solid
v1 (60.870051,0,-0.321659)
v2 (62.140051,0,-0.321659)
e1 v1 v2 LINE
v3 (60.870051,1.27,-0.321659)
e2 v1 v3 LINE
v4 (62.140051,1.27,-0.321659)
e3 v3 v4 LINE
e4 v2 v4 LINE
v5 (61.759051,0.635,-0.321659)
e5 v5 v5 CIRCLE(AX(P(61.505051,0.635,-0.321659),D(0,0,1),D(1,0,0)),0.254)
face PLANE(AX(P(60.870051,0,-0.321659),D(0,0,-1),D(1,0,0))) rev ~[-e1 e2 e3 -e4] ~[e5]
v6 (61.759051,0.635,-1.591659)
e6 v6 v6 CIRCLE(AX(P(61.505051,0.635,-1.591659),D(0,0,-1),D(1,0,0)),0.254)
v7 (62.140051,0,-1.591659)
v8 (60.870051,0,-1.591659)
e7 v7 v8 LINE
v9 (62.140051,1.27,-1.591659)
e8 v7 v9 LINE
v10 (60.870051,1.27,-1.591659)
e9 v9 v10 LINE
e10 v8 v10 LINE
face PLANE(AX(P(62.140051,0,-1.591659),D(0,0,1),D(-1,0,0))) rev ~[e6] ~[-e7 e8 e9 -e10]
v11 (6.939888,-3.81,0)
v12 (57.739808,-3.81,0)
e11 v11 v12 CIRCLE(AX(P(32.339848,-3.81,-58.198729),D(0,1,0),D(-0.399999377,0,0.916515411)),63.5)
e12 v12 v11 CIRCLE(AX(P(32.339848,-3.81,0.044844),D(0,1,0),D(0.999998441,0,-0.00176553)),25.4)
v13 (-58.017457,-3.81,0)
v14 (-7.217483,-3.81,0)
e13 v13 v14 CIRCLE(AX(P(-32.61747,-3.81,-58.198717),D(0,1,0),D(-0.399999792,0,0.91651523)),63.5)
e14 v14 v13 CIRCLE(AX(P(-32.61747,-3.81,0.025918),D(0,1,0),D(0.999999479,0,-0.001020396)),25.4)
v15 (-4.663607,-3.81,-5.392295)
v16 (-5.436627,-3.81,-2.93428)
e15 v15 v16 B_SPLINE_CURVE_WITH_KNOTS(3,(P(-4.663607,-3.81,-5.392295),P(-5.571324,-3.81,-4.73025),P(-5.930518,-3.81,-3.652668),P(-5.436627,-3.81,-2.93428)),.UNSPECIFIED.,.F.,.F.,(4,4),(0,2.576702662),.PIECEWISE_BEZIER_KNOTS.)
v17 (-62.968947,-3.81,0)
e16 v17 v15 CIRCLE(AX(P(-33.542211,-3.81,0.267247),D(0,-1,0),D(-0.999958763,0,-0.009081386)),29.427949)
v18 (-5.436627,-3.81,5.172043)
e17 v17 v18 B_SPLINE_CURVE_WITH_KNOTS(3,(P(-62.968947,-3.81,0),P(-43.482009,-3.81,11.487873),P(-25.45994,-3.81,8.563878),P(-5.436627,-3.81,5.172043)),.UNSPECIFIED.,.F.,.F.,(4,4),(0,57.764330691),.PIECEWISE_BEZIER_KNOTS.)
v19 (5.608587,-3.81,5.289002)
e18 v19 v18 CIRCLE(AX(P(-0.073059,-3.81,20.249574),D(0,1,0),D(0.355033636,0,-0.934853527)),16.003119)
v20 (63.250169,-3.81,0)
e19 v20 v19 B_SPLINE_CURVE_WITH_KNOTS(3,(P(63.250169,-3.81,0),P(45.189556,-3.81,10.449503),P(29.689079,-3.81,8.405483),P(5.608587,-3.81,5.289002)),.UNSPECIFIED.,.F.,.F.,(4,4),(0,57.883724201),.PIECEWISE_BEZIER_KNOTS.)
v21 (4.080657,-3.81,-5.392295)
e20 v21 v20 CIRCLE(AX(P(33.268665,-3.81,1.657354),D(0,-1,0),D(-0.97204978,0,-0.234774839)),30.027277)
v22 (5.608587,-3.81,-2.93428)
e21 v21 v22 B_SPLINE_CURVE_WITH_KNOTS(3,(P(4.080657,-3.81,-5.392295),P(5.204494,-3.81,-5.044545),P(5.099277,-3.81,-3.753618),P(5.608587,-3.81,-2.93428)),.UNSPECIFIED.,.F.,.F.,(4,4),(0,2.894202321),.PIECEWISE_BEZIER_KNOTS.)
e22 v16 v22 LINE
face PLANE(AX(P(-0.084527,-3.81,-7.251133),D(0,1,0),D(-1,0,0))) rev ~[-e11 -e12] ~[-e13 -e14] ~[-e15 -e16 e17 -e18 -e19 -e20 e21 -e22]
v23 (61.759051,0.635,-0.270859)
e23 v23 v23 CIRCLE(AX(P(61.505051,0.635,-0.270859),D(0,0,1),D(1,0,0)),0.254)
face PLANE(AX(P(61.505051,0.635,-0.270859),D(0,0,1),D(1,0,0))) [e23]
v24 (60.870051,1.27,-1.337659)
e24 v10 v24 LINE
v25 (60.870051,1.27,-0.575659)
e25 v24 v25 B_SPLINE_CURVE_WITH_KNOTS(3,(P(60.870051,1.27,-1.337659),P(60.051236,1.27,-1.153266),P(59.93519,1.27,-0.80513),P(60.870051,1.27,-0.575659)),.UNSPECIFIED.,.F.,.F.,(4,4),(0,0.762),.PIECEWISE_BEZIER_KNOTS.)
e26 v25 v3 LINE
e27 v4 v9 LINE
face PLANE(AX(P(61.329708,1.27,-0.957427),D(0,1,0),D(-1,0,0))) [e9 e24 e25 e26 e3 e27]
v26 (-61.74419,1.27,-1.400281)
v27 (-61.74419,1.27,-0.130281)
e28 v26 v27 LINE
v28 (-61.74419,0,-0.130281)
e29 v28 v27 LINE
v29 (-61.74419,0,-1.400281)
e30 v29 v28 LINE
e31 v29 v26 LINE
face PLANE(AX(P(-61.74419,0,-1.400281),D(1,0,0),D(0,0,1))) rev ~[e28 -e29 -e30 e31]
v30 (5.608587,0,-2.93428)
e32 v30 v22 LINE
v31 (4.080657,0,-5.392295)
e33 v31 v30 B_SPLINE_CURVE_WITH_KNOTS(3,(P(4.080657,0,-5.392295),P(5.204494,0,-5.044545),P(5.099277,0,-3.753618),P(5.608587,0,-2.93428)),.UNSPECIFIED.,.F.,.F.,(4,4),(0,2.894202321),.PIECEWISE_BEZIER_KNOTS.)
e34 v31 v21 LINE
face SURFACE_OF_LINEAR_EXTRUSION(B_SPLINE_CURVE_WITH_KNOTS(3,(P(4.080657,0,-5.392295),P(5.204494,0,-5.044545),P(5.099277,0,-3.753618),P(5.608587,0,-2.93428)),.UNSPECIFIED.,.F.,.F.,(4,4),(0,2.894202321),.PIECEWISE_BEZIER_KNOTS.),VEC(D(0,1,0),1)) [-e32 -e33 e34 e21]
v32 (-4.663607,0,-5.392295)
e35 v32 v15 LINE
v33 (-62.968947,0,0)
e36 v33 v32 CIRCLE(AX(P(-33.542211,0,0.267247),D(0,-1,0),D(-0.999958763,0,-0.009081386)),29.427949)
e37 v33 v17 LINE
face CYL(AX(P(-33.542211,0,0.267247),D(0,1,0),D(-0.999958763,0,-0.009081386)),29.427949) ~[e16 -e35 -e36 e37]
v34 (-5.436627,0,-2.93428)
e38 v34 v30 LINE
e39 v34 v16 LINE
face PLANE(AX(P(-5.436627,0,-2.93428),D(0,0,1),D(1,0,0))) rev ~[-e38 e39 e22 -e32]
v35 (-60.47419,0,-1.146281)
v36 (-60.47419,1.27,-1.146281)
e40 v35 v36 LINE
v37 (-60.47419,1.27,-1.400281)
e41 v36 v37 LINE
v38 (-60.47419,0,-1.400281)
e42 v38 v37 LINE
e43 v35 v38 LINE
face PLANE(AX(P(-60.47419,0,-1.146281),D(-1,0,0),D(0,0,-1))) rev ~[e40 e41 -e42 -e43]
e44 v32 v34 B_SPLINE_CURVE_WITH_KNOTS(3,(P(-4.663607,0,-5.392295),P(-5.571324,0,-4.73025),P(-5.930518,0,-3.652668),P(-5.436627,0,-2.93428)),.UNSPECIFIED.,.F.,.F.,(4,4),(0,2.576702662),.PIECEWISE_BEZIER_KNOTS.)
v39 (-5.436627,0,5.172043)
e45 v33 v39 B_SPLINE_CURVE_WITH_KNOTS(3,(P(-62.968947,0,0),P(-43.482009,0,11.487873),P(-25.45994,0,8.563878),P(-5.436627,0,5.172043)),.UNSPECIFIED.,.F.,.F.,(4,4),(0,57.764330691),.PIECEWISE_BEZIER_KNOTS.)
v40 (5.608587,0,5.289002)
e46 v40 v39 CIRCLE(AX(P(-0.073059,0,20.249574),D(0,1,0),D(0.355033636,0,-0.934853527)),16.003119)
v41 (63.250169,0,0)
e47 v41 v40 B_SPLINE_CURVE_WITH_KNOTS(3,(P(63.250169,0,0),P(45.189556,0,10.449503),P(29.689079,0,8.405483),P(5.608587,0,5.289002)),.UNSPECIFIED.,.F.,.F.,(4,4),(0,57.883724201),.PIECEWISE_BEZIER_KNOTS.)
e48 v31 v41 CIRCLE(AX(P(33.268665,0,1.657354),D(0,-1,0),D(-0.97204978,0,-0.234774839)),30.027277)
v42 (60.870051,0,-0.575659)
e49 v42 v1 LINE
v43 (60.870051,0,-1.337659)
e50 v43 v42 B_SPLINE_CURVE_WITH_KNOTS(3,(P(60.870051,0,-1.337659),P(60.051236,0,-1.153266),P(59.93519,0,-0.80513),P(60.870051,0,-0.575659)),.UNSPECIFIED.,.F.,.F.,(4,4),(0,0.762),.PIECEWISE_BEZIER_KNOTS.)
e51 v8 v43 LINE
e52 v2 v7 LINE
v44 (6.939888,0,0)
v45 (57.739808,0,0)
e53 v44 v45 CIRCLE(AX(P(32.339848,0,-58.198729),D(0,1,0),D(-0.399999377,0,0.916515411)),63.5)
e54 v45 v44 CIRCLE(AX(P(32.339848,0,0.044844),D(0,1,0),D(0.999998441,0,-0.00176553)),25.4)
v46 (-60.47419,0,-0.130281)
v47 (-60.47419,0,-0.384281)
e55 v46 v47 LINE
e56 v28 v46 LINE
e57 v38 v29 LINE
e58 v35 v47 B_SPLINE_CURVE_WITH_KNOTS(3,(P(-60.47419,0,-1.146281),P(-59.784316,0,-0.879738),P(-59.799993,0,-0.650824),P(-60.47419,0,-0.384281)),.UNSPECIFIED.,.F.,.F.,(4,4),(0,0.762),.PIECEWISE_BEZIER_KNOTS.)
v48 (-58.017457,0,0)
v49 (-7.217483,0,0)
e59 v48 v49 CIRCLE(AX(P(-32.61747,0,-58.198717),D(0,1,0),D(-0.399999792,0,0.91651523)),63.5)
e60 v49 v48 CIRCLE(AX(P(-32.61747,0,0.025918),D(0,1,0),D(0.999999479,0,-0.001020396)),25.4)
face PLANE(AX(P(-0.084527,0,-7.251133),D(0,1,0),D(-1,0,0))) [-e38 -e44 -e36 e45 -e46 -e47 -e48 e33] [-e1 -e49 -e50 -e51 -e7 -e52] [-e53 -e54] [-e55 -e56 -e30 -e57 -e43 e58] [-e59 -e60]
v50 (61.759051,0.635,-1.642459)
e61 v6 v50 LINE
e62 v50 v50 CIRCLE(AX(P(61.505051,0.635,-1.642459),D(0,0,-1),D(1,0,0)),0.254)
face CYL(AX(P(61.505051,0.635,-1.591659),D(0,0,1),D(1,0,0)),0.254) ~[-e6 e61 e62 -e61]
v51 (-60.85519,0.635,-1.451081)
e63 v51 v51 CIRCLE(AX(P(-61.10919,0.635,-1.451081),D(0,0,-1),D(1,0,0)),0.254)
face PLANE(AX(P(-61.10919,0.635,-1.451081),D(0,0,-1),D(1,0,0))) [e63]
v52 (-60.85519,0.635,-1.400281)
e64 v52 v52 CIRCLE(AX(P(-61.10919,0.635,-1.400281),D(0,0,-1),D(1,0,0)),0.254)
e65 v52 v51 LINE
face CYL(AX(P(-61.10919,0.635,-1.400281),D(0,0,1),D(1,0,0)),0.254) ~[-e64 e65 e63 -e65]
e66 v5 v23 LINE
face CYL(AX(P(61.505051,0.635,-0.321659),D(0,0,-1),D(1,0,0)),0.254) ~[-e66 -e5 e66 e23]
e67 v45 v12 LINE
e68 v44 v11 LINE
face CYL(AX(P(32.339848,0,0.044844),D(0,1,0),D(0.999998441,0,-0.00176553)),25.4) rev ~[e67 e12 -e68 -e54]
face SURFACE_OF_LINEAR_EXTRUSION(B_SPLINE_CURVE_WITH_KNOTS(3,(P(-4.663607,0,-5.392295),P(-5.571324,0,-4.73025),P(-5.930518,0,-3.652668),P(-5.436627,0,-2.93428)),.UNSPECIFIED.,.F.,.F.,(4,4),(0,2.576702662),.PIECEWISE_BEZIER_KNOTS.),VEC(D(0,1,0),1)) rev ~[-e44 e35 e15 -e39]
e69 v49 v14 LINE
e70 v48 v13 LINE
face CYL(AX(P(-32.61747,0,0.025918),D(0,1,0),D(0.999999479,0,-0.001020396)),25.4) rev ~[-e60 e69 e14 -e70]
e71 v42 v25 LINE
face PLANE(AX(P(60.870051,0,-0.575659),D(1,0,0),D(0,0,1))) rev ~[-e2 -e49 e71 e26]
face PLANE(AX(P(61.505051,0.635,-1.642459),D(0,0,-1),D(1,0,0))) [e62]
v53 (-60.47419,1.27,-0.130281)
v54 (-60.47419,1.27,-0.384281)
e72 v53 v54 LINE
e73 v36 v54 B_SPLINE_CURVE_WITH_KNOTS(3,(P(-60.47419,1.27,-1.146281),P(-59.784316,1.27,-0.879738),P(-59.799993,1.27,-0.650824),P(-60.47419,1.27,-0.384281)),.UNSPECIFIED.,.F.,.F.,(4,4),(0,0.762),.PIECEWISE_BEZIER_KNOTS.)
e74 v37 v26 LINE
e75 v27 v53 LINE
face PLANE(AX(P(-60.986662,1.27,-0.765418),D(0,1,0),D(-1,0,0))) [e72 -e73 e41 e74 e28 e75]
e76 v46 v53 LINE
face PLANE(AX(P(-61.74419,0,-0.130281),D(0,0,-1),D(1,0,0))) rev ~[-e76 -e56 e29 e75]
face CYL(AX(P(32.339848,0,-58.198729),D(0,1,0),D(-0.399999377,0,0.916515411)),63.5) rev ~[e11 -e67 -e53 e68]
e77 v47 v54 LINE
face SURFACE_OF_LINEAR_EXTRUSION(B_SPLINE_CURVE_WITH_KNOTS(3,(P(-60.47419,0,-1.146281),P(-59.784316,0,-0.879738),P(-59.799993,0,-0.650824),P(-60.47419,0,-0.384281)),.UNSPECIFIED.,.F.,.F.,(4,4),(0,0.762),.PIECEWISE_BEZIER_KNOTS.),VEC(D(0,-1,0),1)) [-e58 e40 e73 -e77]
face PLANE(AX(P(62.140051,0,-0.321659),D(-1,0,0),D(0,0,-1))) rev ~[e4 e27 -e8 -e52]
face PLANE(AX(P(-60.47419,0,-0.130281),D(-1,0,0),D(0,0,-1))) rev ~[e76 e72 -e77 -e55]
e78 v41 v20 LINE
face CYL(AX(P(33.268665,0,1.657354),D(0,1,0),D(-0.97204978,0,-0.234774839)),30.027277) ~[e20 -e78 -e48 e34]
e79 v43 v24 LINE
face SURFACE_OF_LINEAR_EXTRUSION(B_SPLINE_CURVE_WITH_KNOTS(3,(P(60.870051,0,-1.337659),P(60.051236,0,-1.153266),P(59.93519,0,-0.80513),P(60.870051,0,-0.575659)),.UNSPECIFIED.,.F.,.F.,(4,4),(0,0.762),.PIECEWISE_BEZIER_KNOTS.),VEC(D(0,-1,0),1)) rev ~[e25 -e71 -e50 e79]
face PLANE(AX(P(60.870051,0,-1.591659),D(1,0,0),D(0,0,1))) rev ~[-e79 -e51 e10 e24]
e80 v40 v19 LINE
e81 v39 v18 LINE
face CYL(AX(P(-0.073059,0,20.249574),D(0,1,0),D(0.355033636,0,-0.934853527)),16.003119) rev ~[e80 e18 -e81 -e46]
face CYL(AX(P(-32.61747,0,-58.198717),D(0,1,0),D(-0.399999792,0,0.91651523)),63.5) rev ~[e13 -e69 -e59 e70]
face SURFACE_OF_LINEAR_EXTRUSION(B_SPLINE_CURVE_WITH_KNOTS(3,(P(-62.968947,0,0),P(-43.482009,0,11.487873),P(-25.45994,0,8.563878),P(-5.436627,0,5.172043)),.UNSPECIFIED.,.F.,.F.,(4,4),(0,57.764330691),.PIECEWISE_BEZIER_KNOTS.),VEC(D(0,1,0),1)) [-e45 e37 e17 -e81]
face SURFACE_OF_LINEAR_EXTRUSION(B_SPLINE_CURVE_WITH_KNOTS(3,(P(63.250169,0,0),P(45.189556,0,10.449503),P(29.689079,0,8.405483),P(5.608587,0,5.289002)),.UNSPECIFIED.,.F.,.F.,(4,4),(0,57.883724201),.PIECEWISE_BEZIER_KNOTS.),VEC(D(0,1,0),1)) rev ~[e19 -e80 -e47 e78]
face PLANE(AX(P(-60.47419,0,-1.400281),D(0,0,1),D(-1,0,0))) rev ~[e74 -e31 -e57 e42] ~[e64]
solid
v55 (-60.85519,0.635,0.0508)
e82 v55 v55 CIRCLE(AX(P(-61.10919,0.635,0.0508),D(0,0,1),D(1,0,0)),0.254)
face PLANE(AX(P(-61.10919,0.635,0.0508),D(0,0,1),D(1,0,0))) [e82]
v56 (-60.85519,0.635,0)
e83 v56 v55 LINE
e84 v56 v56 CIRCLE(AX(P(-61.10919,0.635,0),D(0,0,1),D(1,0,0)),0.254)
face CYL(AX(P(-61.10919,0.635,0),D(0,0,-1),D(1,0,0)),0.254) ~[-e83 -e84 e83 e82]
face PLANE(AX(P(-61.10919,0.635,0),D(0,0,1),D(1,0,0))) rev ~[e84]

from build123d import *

# Parameters (mm, degrees)
F1_DEPTH  = 3.81
F3_DEPTH  = 1.27
F4_R      = 0.254
F5_DEPTH  = 0.0508
F6_R      = 0.254
F7_DEPTH  = 0.0508
F10_DEPTH = 1.27
F11_R     = 0.254
F12_DEPTH = 0.0508
F13_R     = 0.254
F14_DEPTH = 0.0508


with BuildPart() as f1:
    # F0 (on Front) → F1 (new body)
    with BuildSketch(Plane.XZ):
        with BuildLine():
            add(Edge.make_bspline(
                [(-62.9689469934, 0), (-43.4820093215, 11.4878732711), (-25.4599396139, 8.5638780147), (-5.4366267286, 5.1720426418)],
                knots=[0, 0, 0, 0, 57.7643306906, 57.7643306906, 57.7643306906, 57.7643306906], degree=3))
            ThreePointArc((-62.9689469934, 0), (-36.2522522442, -29.0356523147), (-4.66360664, -5.3922948427))
            add(Edge.make_bspline(
                [(-4.66360664, -5.3922948427), (-5.5713243783, -4.7302497551), (-5.9305182658, -3.6526678596), (-5.4366267286, -2.9342800844)],
                knots=[0, 0, 0, 0, 2.5767026622, 2.5767026622, 2.5767026622, 2.5767026622], degree=3))
            Line((-5.4366267286, -2.9342800844), (5.6085870601, -2.9342800844))
            add(Edge.make_bspline(
                [(4.0806569159, -5.3922948427), (5.2044941112, -5.0445445813), (5.0992770121, -3.7536183372), (5.6085870601, -2.9342800844)],
                knots=[0, 0, 0, 0, 2.8942023215, 2.8942023215, 2.8942023215, 2.8942023215], degree=3))
            ThreePointArc((4.0806569159, -5.3922948427), (35.9938478734, -28.2460028311), (63.250169158, 0))
            add(Edge.make_bspline(
                [(63.250169158, 0), (45.1895557344, 10.4495026171), (29.6890791506, 8.4054833278), (5.6085870601, 5.289001856)],
                knots=[0, 0, 0, 0, 57.883724201, 57.883724201, 57.883724201, 57.883724201], degree=3))
            ThreePointArc((5.6085870601, 5.289001856), (0.0963910818, 4.247352223), (-5.4366267286, 5.1720426418))
        make_face()
        with BuildLine():
            ThreePointArc((-7.2174832575, 0), (-32.6174700341, -25.3740819308), (-58.0174568108, 0))
            ThreePointArc((-58.0174568108, 0), (-32.6174700341, 5.3012829029), (-7.2174832575, 0))
        make_face(mode=Mode.SUBTRACT)
        with BuildLine():
            ThreePointArc((57.7398084539, 0), (32.339848041, -25.3551555329), (6.9398876282, 0))
            ThreePointArc((6.9398876282, 0), (32.339848041, 5.3012713968), (57.7398084539, 0))
        make_face(mode=Mode.SUBTRACT)
    extrude(amount=F1_DEPTH)

    # F2 (on face) → F3 (join)
    with BuildSketch(Plane(origin=(0, 0, 0), x_dir=(-1, 0, 0), z_dir=(0, 1, 0))):
        with BuildLine():
            Line((61.7441900933, -1.4002811255), (61.7441900933, -0.1302811255))
            Line((61.7441900933, -0.1302811255), (60.4741896731, -0.1302811255))
            Line((60.4741896731, -0.1302811255), (60.4741896731, -0.3842811255))
            add(Edge.make_bspline(
                [(60.4741896731, -1.1462811255), (59.7843156037, -0.8797379018), (59.7999927893, -0.6508243202), (60.4741896731, -0.3842811255)],
                knots=[0, 0, 0, 0, 0.762, 0.762, 0.762, 0.762], degree=3))
            Line((60.4741896731, -1.1462811255), (60.4741896731, -1.4002811255))
            Line((60.4741896731, -1.4002811255), (61.7441900933, -1.4002811255))
        make_face()
    extrude(amount=F3_DEPTH)

    # F6 (on face) → F7 (join)
    with BuildSketch(Plane(origin=(0, 0, -1.4002811255), x_dir=(1, 0, 0), z_dir=(0, 0, -1))):
        with Locations((-61.1091896731, -0.635)):
            Circle(F6_R)
    extrude(amount=F7_DEPTH)

    # F9 (on face) → F10 (join)
    with BuildSketch(Plane(origin=(0, 0, 0), x_dir=(-1, 0, 0), z_dir=(0, 1, 0))):
        with BuildLine():
            Line((-60.8700512755, -0.3216592674), (-62.1400512755, -0.3216592674))
            Line((-62.1400512755, -0.3216592674), (-62.1400512755, -1.5916592674))
            Line((-62.1400512755, -1.5916592674), (-60.8700512755, -1.5916592674))
            Line((-60.8700512755, -1.5916592674), (-60.8700512755, -1.3376592674))
            add(Edge.make_bspline(
                [(-60.8700512755, -1.3376592674), (-60.0512363017, -1.1532660574), (-59.9351897836, -0.8051300538), (-60.8700512755, -0.5756592674)],
                knots=[0, 0, 0, 0, 0.762, 0.762, 0.762, 0.762], degree=3))
            Line((-60.8700512755, -0.5756592674), (-60.8700512755, -0.3216592674))
        make_face()
    extrude(amount=F10_DEPTH)

    # F11 (on face) → F12 (join)
    with BuildSketch(Plane(origin=(0, 0, -1.5916592674), x_dir=(1, 0, 0), z_dir=(0, 0, -1))):
        with Locations((61.5050512755, -0.635)):
            Circle(F11_R)
    extrude(amount=F12_DEPTH)

    # F13 (on face) → F14 (join)
    with BuildSketch(Plane.XY.offset(-0.3216592674)):
        with Locations((61.5050512755, 0.635)):
            Circle(F13_R)
    extrude(amount=F14_DEPTH)


with BuildPart() as f5:
    # F4 (on Top) → F5 (new body)
    with BuildSketch(Plane.XY):
        with Locations((-61.1091896731, 0.635)):
            Circle(F4_R)
    extrude(amount=F5_DEPTH)


solid = Compound([f1.part, f5.part])
